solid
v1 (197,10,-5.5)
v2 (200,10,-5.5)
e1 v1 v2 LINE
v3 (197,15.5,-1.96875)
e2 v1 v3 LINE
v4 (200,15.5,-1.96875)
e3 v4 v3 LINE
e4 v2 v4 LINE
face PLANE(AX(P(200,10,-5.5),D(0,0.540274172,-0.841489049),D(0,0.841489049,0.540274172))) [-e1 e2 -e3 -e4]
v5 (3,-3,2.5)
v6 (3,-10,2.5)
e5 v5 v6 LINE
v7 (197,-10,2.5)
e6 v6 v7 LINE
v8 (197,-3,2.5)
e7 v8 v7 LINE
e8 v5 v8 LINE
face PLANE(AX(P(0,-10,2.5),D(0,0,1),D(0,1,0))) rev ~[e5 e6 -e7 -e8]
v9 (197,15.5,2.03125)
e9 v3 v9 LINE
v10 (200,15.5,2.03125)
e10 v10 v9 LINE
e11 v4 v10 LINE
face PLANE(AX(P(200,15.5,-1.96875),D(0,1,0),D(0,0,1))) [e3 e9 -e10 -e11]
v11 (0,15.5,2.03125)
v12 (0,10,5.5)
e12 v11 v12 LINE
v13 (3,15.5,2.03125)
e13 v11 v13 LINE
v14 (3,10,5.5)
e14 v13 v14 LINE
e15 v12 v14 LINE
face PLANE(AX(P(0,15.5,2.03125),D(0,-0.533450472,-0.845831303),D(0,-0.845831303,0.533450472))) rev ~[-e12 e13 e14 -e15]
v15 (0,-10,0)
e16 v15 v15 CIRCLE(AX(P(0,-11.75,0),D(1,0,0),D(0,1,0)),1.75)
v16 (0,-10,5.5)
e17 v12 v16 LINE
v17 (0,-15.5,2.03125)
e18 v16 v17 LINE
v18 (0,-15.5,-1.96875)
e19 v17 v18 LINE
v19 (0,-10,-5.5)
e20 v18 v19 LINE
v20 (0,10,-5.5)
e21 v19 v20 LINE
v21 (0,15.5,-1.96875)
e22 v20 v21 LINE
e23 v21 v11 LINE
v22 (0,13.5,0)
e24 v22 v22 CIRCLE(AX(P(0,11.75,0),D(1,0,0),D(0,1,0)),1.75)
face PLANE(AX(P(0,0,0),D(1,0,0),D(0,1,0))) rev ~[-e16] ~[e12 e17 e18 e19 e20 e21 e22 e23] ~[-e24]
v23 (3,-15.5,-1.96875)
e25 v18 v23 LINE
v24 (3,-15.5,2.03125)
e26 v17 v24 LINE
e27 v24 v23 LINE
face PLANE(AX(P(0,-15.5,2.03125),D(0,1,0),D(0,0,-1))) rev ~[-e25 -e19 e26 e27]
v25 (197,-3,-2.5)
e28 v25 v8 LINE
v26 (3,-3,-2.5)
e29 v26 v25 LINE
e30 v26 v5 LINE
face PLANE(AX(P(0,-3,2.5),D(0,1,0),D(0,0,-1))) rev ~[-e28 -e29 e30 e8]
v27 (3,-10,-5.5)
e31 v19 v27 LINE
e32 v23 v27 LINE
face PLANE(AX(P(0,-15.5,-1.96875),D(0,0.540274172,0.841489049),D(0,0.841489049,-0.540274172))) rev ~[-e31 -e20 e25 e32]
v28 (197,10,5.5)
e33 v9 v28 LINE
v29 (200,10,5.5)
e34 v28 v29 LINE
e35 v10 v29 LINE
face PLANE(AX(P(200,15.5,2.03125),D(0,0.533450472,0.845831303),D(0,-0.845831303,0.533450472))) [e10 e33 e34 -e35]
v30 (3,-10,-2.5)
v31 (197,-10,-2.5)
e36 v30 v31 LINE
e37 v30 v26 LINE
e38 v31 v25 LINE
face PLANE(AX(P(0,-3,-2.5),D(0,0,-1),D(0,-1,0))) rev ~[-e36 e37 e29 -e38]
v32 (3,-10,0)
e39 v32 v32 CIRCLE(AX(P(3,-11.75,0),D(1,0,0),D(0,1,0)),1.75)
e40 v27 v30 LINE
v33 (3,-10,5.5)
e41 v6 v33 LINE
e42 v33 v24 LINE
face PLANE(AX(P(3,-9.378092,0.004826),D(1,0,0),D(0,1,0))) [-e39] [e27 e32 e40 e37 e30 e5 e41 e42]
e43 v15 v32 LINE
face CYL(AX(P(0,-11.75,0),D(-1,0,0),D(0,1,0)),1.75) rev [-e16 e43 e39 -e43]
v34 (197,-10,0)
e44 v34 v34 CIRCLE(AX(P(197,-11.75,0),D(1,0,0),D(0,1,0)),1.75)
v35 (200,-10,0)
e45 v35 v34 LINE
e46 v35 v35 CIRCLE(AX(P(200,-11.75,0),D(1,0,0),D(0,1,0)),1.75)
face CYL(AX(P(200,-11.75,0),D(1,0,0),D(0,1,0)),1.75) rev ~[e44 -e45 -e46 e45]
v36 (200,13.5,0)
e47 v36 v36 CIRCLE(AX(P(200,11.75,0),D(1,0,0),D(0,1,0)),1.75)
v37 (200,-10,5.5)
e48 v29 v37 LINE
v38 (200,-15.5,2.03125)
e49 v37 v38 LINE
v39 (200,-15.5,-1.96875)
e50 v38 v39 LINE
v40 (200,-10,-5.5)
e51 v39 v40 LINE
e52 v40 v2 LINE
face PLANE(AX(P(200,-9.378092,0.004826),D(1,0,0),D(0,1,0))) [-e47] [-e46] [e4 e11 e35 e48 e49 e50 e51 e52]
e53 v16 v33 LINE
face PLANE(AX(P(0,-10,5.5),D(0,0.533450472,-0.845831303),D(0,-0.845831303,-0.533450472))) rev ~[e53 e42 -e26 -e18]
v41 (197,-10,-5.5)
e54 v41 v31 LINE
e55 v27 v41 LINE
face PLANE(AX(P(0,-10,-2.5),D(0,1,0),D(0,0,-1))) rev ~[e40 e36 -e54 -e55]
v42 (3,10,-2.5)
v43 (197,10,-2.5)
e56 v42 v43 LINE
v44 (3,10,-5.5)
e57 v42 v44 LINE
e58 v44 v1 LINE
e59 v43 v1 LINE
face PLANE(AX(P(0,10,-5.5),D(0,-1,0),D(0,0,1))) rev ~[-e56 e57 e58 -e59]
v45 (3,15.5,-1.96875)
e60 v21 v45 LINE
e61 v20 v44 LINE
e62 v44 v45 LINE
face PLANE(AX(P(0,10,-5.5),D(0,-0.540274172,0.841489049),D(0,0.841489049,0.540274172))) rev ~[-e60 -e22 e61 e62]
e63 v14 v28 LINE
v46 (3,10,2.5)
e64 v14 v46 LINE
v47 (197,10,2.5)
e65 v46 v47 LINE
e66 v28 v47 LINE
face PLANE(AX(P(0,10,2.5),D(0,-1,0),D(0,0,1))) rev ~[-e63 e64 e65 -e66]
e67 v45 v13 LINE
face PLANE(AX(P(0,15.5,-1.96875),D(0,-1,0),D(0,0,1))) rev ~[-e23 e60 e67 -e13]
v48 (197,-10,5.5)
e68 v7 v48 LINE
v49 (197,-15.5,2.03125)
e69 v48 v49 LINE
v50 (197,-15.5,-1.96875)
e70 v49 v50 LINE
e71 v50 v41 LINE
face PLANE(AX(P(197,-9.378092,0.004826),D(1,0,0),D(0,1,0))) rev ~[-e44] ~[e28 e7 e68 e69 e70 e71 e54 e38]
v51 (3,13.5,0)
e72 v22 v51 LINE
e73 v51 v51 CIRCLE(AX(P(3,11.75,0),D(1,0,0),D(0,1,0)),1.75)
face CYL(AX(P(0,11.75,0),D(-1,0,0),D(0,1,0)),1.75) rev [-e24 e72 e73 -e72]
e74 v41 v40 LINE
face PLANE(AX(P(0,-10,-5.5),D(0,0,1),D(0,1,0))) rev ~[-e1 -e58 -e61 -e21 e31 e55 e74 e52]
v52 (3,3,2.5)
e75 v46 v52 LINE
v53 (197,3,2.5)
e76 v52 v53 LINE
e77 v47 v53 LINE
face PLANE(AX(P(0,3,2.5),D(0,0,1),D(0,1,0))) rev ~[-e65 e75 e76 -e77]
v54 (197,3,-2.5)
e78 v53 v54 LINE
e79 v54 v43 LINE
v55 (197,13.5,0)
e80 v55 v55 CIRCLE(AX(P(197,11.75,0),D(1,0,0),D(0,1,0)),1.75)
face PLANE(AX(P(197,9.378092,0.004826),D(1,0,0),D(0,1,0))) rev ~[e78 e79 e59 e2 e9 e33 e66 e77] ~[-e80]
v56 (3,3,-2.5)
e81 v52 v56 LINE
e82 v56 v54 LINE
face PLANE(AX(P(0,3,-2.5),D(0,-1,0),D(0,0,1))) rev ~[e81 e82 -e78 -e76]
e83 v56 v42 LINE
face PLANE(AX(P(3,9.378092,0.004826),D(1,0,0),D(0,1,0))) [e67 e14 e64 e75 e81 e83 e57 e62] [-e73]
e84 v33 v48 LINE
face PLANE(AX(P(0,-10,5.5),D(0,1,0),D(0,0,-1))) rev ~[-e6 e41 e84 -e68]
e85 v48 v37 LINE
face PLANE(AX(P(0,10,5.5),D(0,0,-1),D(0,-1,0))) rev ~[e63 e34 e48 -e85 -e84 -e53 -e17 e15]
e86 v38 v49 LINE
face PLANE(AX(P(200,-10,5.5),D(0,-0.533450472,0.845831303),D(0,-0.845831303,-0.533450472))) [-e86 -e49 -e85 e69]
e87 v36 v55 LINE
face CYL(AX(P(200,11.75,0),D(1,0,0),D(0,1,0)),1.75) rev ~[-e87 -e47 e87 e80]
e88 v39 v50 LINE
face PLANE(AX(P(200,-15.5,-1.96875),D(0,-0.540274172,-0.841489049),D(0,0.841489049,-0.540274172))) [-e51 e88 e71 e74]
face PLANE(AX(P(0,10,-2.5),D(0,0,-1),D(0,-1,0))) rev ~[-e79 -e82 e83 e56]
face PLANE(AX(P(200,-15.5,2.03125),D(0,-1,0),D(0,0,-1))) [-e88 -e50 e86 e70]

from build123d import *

# Parameters (mm, degrees)
F0_R     = 1.75
F1_DEPTH = 3
F2_DEPTH = 200
F3_R     = 1.75
F4_DEPTH = 3


with BuildPart() as f1:
    # F0 (on Right) → F1 (new body)
    with BuildSketch(Plane.YZ):
        Polygon((-3, 2.5), (-10, 2.5), (-10, 5.5), (-15.5, 2.03124969), (-15.5, -1.96875031), (-10, -5.5), (-10, -2.5), (-3, -2.5), align=None)
        with Locations((-11.75, 0)):
            Circle(F0_R, mode=Mode.SUBTRACT)
    extrude(amount=F1_DEPTH)



with BuildPart() as f1b:
    # F0 (on Right) → F1, piece 2 (new body)
    with BuildSketch(Plane.YZ):
        Polygon((15.5, 2.03124969), (10, 5.5), (10, 2.5), (3, 2.5), (3, -2.5), (10, -2.5), (10, -5.5), (15.5, -1.96875031), align=None)
        with Locations((11.75, 0)):
            Circle(F0_R, mode=Mode.SUBTRACT)
    extrude(amount=F1_DEPTH)


with BuildPart() as f1_1:
    add(f1.part)

    add(f1b.part)  # F2 merges F1b
    # F0 (on Right) → F2 (join)
    with BuildSketch(Plane.YZ):
        Polygon((-10, 5.5), (-10, 2.5), (-3, 2.5), (-3, -2.5), (-10, -2.5), (-10, -5.5), (10, -5.5), (10, -2.5), (3, -2.5), (3, 2.5), (10, 2.5), (10, 5.5), align=None)
    extrude(amount=F2_DEPTH)

    # F3 (on face) → F4 (join)
    with BuildSketch(Plane.YZ.offset(200)):
        Polygon((-3, 2.5), (-10, 2.5), (-10, 5.5), (-15.5, 2.03124969), (-15.5, -1.96875031), (-10, -5.5), (-10, -2.5), (-3, -2.5), align=None)
        with Locations((-11.75, 0)):
            Circle(F3_R, mode=Mode.SUBTRACT)
        Polygon((15.5, 2.03124969), (10, 5.5), (10, 2.5), (3, 2.5), (3, -2.5), (10, -2.5), (10, -5.5), (15.5, -1.96875031), align=None)
        with Locations((11.75, 0)):
            Circle(F3_R, mode=Mode.SUBTRACT)
    extrude(amount=-F4_DEPTH)


solid = f1_1.part
